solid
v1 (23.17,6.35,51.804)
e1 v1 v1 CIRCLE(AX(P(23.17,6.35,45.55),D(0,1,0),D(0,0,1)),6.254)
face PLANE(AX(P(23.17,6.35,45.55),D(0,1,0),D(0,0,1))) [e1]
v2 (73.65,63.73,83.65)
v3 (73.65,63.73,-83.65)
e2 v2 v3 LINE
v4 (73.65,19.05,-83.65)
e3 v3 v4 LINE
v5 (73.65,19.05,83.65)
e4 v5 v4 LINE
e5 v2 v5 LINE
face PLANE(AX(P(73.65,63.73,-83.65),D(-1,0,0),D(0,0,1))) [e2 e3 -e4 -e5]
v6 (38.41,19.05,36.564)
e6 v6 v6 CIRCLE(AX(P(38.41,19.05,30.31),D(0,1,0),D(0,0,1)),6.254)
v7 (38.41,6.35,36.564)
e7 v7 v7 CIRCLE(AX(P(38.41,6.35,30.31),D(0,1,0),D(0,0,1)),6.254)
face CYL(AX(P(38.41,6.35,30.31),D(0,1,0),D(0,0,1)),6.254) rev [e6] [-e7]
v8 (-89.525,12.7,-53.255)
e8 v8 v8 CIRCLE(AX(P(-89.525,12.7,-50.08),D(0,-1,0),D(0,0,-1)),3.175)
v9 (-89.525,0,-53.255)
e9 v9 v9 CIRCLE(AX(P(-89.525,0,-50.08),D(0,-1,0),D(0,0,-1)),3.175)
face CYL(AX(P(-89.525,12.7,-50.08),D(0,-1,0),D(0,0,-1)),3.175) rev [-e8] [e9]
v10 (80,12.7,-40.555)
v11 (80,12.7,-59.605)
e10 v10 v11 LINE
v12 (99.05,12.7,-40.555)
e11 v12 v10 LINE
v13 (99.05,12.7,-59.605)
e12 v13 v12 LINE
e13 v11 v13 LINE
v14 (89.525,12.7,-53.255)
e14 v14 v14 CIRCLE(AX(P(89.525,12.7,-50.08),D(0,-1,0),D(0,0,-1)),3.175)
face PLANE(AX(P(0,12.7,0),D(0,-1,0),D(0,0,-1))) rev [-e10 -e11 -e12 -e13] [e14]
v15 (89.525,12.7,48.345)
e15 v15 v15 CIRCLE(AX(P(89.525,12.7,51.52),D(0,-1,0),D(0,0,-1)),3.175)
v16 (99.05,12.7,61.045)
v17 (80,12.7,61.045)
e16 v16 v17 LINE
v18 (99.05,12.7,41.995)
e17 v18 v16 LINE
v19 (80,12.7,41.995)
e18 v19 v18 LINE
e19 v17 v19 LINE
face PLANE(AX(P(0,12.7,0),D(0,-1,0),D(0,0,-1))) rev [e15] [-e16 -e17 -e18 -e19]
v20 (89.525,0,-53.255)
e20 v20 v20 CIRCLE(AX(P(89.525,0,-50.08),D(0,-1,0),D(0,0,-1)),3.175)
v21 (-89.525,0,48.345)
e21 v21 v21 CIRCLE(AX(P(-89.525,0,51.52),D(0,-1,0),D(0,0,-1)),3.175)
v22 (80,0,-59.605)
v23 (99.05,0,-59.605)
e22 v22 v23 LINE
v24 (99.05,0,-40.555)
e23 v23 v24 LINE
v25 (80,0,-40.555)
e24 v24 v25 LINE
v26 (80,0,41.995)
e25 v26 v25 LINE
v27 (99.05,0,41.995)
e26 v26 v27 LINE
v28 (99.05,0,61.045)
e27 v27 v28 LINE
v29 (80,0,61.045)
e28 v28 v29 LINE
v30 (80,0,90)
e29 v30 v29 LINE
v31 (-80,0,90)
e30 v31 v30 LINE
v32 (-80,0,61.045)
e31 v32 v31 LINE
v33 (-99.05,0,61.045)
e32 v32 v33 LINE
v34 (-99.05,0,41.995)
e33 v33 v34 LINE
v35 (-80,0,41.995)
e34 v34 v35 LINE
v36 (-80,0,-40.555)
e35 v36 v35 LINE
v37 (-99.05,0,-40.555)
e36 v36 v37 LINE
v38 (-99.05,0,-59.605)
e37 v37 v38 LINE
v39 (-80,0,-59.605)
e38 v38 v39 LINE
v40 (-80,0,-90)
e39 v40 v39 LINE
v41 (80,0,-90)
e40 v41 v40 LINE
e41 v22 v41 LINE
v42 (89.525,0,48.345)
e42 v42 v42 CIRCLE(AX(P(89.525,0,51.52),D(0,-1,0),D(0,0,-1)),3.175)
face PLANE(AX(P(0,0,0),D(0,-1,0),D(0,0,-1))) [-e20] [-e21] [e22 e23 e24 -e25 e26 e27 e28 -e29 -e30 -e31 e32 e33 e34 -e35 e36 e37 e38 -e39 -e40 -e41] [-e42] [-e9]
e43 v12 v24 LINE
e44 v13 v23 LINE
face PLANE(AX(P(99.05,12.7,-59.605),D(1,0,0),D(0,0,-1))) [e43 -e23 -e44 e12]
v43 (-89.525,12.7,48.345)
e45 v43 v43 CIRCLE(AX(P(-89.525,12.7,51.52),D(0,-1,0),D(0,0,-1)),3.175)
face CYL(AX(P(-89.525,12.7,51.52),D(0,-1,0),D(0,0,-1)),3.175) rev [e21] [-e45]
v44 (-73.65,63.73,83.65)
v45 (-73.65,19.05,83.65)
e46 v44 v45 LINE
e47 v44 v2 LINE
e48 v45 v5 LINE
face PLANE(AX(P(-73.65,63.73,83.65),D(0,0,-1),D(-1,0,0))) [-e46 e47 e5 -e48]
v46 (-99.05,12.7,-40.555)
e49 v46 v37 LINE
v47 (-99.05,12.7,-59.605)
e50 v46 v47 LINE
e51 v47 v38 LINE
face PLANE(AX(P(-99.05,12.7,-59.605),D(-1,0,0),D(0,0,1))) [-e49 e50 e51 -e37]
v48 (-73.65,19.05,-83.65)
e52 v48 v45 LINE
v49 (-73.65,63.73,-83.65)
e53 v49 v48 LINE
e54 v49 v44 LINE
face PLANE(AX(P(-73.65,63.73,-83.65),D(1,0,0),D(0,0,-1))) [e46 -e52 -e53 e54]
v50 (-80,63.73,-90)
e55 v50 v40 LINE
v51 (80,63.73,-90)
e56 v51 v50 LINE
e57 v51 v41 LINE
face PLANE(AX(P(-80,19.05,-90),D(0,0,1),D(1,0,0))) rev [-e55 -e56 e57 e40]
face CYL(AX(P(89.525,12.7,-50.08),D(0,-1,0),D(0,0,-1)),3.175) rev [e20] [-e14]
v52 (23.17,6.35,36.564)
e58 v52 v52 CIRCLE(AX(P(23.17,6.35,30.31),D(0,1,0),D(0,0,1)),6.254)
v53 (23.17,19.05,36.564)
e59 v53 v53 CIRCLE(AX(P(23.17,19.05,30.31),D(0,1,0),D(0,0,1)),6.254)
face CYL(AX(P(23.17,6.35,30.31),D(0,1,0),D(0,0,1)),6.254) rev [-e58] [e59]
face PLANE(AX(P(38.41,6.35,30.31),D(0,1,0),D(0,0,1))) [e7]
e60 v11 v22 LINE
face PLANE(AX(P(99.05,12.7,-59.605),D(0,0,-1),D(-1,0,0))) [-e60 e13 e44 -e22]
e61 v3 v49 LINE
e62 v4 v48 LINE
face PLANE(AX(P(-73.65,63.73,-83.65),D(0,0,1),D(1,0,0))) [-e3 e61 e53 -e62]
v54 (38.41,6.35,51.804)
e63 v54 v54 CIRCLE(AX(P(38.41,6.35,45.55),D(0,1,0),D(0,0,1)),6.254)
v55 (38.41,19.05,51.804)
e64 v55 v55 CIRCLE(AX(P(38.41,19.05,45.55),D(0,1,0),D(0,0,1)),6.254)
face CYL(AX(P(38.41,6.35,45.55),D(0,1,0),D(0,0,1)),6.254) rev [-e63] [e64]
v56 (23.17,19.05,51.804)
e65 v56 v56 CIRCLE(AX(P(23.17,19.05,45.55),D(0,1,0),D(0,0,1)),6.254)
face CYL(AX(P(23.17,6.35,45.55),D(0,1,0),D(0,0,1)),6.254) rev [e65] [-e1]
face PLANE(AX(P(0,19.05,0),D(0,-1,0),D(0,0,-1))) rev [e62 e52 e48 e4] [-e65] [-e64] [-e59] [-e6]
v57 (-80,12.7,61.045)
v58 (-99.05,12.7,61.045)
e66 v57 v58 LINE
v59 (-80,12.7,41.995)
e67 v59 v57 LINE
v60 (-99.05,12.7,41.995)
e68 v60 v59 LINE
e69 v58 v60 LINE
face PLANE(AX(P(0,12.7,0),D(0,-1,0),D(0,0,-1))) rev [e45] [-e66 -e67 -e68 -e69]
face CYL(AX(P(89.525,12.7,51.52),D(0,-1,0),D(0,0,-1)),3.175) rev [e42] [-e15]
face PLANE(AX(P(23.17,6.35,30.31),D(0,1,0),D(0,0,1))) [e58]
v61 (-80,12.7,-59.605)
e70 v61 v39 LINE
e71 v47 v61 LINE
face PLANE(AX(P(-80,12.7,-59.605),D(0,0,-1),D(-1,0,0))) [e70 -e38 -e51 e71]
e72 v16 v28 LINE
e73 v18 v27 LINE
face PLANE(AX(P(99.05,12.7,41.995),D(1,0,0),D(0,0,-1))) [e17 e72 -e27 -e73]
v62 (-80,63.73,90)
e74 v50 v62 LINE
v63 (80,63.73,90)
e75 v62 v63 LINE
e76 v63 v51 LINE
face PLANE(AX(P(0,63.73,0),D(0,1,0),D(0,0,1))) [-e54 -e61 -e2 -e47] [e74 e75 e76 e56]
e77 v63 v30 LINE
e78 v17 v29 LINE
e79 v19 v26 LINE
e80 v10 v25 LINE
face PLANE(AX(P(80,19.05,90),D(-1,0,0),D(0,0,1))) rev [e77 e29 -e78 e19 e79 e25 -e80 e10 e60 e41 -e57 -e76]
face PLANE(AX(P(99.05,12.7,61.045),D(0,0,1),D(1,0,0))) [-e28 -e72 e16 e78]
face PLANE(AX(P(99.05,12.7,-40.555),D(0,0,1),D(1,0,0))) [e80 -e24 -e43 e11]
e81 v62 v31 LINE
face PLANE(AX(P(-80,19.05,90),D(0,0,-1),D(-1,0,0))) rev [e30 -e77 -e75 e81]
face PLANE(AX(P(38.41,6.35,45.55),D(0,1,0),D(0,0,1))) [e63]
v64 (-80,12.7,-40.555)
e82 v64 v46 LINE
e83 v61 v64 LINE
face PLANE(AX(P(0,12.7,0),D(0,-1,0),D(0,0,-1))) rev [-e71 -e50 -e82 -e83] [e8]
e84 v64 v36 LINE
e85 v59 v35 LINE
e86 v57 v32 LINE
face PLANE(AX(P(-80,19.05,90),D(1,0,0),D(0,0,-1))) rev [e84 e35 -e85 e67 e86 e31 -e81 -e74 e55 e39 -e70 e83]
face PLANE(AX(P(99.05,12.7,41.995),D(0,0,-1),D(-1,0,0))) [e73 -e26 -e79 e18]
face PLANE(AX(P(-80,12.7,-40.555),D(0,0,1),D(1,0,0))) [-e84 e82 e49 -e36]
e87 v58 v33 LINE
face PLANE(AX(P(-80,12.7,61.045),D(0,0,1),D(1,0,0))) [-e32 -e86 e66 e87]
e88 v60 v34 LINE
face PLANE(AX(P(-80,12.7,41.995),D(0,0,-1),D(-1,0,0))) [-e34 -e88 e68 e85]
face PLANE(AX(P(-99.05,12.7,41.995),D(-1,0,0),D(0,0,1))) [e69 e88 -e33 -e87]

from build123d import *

# Parameters (mm, degrees)
SKETCH1_W           = 160
SKETCH1_H           = 180
BOSS_EXTRUDE1_DEPTH = 19.05
SKETCH2_W           = 160
SKETCH2_H           = 180
SKETCH2_W_2         = 147.3
SKETCH2_H_2         = 167.3
BOSS_EXTRUDE2_DEPTH = 44.680000048
SKETCH3_R           = 6.253999938
CUT_EXTRUDE1_DEPTH  = 12.7
SKETCH4_W           = 19.05
SKETCH4_H           = 19.05
SKETCH4_R           = 3.175
BOSS_EXTRUDE3_DEPTH = 12.7


with BuildPart() as part:
    # Sketch1 → Boss-Extrude1 (new body)
    with BuildSketch(Plane(origin=(0, 0, 0), x_dir=(1, 0, 0), z_dir=(0, 1, 0))):
        Rectangle(SKETCH1_W, SKETCH1_H)
    extrude(amount=BOSS_EXTRUDE1_DEPTH)

    # Sketch2 → Boss-Extrude2 (add)
    with BuildSketch(Plane(origin=(0, 19.05, 0), x_dir=(1, 0, 0), z_dir=(0, 1, 0))):
        Rectangle(SKETCH2_W, SKETCH2_H)
        Rectangle(SKETCH2_W_2, SKETCH2_H_2, mode=Mode.SUBTRACT)
    extrude(amount=BOSS_EXTRUDE2_DEPTH)

    # Sketch3 → Cut-Extrude1 (cut)
    with BuildSketch(Plane(origin=(0, 19.05, 0), x_dir=(1, 0, 0), z_dir=(0, 1, 0))):
        with Locations(Location((38.41, -45.55, 0), (0, 0, 270))):
            Circle(SKETCH3_R)
        with Locations(Location((23.17, -45.55, 0), (0, 0, 270))):
            Circle(SKETCH3_R)
        with Locations(Location((38.41, -30.31, 0), (0, 0, 270))):
            Circle(SKETCH3_R)
        with Locations(Location((23.17, -30.31, 0), (0, 0, 270))):
            Circle(SKETCH3_R)
    extrude(amount=-CUT_EXTRUDE1_DEPTH, mode=Mode.SUBTRACT)

    # Sketch4 → Boss-Extrude3 (add)
    # profile 1 of 4: a face of its own
    with BuildSketch(Plane.XZ):
        with Locations((-89.525, -50.08)):
            Rectangle(SKETCH4_W, SKETCH4_H)
        with Locations(Location((-89.525, -50.08, 0), (0, 0, 270))):
            Circle(SKETCH4_R, mode=Mode.SUBTRACT)
    # profile 2 of 4: a face of its own
    with BuildSketch(Plane.XZ):
        with Locations((-89.525, 51.52)):
            Rectangle(SKETCH4_W, SKETCH4_H)
        with Locations(Location((-89.525, 51.52, 0), (0, 0, 270))):
            Circle(SKETCH4_R, mode=Mode.SUBTRACT)
    # profile 3 of 4: a face of its own
    with BuildSketch(Plane.XZ):
        with Locations((89.525, -50.08)):
            Rectangle(SKETCH4_W, SKETCH4_H)
        with Locations(Location((89.525, -50.08, 0), (0, 0, 270))):
            Circle(SKETCH4_R, mode=Mode.SUBTRACT)
    # profile 4 of 4: a face of its own
    with BuildSketch(Plane.XZ):
        with Locations((89.525, 51.52)):
            Rectangle(SKETCH4_W, SKETCH4_H)
        with Locations(Location((89.525, 51.52, 0), (0, 0, 270))):
            Circle(SKETCH4_R, mode=Mode.SUBTRACT)
    extrude(amount=-BOSS_EXTRUDE3_DEPTH)


solid = part.part
